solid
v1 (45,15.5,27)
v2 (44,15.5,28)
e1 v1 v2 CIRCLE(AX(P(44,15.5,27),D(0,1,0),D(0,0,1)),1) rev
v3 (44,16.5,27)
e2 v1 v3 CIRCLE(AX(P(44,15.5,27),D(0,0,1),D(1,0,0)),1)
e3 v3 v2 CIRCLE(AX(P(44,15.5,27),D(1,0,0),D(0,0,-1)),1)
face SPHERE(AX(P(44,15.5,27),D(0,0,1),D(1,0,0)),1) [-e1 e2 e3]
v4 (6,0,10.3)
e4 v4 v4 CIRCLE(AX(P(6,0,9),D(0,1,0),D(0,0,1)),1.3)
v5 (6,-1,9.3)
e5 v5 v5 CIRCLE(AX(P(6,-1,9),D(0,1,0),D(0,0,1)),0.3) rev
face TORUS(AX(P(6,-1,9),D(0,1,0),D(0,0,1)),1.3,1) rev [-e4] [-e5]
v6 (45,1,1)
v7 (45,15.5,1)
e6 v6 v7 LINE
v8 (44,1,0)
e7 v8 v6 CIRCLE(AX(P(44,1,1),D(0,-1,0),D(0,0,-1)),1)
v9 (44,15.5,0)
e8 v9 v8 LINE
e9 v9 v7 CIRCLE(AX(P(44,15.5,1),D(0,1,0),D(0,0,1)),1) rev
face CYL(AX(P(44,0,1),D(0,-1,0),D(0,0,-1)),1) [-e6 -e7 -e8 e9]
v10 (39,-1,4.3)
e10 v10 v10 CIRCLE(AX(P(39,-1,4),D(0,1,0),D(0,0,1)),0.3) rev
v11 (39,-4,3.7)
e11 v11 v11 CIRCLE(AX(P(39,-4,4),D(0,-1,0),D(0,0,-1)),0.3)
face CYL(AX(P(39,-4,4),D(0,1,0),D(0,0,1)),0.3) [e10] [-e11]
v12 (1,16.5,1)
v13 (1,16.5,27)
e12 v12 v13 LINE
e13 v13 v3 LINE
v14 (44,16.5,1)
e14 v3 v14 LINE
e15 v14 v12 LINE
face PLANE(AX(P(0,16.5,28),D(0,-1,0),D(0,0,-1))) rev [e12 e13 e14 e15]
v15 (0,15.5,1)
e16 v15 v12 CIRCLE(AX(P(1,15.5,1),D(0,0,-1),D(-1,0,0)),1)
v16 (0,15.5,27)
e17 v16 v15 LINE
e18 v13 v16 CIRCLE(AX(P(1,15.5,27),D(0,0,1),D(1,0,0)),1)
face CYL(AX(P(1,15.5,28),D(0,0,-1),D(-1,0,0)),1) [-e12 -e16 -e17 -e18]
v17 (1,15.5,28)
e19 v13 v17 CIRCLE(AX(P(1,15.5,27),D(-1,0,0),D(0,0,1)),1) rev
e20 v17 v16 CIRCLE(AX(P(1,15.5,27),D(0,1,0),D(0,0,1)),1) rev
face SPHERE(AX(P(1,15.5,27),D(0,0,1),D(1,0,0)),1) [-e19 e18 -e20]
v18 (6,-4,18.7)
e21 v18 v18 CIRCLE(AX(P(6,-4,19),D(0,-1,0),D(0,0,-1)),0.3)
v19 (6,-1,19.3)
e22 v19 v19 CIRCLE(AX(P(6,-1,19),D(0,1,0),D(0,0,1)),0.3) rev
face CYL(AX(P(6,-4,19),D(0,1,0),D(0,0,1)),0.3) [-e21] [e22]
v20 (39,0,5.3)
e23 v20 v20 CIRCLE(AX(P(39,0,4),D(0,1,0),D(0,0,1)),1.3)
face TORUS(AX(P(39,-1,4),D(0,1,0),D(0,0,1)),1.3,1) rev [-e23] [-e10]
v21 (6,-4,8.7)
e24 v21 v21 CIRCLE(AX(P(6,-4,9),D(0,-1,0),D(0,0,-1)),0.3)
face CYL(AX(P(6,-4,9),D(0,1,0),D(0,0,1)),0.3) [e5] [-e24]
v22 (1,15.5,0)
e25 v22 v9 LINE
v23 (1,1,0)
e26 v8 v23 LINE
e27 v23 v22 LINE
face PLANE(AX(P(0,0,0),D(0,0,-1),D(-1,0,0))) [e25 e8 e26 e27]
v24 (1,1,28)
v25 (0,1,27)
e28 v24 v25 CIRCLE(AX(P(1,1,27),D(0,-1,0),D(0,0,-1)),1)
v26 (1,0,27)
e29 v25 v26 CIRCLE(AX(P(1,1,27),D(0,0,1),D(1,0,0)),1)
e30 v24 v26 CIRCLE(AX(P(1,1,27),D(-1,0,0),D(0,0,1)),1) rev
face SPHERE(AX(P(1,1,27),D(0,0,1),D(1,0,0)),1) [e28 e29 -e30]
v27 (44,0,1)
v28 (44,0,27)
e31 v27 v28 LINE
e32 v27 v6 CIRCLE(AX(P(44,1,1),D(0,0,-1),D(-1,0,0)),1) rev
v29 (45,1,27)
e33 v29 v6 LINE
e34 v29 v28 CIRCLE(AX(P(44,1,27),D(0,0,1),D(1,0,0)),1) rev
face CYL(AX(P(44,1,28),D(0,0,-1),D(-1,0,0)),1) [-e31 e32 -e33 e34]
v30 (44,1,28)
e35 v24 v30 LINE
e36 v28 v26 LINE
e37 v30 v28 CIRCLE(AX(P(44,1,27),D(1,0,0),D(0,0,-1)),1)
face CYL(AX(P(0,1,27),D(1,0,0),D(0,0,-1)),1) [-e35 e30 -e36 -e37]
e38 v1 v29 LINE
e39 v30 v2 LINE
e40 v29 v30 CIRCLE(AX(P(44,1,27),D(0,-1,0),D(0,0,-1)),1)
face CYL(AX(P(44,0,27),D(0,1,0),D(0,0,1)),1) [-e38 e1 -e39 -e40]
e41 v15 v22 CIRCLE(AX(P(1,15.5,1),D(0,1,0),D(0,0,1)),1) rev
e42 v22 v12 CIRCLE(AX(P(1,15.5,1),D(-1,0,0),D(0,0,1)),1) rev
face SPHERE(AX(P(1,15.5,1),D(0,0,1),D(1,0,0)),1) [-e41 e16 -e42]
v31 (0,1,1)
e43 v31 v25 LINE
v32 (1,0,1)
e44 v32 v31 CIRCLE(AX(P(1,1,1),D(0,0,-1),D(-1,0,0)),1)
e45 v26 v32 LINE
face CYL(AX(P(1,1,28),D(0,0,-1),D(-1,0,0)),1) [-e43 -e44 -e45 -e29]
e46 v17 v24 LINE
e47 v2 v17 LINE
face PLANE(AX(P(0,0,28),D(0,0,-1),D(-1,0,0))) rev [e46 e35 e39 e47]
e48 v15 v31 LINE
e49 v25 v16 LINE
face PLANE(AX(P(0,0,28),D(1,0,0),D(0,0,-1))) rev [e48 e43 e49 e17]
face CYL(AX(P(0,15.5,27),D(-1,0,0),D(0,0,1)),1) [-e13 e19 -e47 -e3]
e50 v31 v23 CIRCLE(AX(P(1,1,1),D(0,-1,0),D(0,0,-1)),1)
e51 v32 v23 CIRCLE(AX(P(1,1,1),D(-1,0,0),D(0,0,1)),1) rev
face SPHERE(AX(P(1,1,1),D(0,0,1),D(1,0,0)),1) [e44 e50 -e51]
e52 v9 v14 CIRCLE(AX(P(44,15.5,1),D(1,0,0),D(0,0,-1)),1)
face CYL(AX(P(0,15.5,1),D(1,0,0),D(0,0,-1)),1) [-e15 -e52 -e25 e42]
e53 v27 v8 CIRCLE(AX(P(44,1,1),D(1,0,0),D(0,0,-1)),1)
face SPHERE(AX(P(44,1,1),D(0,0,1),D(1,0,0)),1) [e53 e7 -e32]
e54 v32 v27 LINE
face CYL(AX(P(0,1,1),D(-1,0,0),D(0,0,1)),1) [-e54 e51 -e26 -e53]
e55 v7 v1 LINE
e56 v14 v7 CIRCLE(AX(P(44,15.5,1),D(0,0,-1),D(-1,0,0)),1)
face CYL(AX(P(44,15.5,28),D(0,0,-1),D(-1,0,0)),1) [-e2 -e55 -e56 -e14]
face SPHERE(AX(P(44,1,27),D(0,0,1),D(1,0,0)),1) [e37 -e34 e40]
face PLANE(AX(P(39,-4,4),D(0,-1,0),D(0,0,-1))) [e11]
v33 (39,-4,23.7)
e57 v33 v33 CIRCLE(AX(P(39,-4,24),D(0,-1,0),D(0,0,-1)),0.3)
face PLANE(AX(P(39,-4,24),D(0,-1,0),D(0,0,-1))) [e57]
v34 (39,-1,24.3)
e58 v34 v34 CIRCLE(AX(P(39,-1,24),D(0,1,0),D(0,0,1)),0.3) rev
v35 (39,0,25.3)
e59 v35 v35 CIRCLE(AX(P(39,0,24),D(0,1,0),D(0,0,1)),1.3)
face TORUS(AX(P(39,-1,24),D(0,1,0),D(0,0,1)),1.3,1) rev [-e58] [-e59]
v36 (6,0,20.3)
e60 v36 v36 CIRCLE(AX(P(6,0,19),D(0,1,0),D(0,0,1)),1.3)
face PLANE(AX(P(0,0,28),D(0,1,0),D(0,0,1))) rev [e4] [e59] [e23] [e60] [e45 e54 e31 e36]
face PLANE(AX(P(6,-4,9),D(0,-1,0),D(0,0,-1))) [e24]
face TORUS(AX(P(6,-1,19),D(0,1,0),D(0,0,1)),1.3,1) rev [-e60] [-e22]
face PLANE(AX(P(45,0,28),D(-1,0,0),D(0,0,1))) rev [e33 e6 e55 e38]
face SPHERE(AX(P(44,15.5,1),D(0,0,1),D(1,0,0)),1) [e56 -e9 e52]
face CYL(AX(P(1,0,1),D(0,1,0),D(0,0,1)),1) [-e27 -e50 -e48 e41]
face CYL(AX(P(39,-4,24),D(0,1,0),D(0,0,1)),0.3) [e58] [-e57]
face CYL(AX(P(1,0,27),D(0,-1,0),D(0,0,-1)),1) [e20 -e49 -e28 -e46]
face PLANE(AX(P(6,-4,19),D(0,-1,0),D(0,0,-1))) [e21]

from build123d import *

# Parameters (mm, degrees)
SKETCH1_W           = 45
SKETCH1_H           = 16.5
BOSS_EXTRUDE1_DEPTH = 28
SKETCH2_R           = 0.3
BOSS_EXTRUDE2_DEPTH = 4
FILLET1_R           = 1


with BuildPart() as part:
    # Sketch1 → Boss-Extrude1 (new body)
    with BuildSketch(Plane.XY):
        with Locations((22.5, 8.25)):
            Rectangle(SKETCH1_W, SKETCH1_H)
    extrude(amount=BOSS_EXTRUDE1_DEPTH)

    # Sketch2 → Boss-Extrude2 (add)
    with BuildSketch(Plane(origin=(0, 0, 0), x_dir=(-1, 0, 0), z_dir=(0, -1, 0))):
        with Locations(Location((-6, -19, 0), (0, 0, 270))):
            Circle(SKETCH2_R)
        with Locations(Location((-6, -9, 0), (0, 0, 270))):
            Circle(SKETCH2_R)
        with Locations(Location((-39, -24, 0), (0, 0, 270))):
            Circle(SKETCH2_R)
        with Locations(Location((-39, -4, 0), (0, 0, 270))):
            Circle(SKETCH2_R)
    extrude(amount=BOSS_EXTRUDE2_DEPTH)

    # Fillet1
    fillet1_edges = [part.edges().sort_by_distance(p)[0] for p in [
        (45, 8.25, 28),
        (22.5, 16.5, 28),
        (6, 0, 18.7),
        (6, 0, 8.7),
        (39, 0, 23.7),
        (39, 0, 3.7),
        (0, 8.25, 28),
        (22.5, 16.5, 0),
        (45, 8.25, 0),
        (22.5, 0, 0),
        (0, 8.25, 0),
        (22.5, 0, 28),
        (0, 16.5, 14),
        (45, 16.5, 14),
        (45, 0, 14),
        (0, 0, 14),
    ]]
    fillet(fillet1_edges, radius=FILLET1_R)


solid = part.part
